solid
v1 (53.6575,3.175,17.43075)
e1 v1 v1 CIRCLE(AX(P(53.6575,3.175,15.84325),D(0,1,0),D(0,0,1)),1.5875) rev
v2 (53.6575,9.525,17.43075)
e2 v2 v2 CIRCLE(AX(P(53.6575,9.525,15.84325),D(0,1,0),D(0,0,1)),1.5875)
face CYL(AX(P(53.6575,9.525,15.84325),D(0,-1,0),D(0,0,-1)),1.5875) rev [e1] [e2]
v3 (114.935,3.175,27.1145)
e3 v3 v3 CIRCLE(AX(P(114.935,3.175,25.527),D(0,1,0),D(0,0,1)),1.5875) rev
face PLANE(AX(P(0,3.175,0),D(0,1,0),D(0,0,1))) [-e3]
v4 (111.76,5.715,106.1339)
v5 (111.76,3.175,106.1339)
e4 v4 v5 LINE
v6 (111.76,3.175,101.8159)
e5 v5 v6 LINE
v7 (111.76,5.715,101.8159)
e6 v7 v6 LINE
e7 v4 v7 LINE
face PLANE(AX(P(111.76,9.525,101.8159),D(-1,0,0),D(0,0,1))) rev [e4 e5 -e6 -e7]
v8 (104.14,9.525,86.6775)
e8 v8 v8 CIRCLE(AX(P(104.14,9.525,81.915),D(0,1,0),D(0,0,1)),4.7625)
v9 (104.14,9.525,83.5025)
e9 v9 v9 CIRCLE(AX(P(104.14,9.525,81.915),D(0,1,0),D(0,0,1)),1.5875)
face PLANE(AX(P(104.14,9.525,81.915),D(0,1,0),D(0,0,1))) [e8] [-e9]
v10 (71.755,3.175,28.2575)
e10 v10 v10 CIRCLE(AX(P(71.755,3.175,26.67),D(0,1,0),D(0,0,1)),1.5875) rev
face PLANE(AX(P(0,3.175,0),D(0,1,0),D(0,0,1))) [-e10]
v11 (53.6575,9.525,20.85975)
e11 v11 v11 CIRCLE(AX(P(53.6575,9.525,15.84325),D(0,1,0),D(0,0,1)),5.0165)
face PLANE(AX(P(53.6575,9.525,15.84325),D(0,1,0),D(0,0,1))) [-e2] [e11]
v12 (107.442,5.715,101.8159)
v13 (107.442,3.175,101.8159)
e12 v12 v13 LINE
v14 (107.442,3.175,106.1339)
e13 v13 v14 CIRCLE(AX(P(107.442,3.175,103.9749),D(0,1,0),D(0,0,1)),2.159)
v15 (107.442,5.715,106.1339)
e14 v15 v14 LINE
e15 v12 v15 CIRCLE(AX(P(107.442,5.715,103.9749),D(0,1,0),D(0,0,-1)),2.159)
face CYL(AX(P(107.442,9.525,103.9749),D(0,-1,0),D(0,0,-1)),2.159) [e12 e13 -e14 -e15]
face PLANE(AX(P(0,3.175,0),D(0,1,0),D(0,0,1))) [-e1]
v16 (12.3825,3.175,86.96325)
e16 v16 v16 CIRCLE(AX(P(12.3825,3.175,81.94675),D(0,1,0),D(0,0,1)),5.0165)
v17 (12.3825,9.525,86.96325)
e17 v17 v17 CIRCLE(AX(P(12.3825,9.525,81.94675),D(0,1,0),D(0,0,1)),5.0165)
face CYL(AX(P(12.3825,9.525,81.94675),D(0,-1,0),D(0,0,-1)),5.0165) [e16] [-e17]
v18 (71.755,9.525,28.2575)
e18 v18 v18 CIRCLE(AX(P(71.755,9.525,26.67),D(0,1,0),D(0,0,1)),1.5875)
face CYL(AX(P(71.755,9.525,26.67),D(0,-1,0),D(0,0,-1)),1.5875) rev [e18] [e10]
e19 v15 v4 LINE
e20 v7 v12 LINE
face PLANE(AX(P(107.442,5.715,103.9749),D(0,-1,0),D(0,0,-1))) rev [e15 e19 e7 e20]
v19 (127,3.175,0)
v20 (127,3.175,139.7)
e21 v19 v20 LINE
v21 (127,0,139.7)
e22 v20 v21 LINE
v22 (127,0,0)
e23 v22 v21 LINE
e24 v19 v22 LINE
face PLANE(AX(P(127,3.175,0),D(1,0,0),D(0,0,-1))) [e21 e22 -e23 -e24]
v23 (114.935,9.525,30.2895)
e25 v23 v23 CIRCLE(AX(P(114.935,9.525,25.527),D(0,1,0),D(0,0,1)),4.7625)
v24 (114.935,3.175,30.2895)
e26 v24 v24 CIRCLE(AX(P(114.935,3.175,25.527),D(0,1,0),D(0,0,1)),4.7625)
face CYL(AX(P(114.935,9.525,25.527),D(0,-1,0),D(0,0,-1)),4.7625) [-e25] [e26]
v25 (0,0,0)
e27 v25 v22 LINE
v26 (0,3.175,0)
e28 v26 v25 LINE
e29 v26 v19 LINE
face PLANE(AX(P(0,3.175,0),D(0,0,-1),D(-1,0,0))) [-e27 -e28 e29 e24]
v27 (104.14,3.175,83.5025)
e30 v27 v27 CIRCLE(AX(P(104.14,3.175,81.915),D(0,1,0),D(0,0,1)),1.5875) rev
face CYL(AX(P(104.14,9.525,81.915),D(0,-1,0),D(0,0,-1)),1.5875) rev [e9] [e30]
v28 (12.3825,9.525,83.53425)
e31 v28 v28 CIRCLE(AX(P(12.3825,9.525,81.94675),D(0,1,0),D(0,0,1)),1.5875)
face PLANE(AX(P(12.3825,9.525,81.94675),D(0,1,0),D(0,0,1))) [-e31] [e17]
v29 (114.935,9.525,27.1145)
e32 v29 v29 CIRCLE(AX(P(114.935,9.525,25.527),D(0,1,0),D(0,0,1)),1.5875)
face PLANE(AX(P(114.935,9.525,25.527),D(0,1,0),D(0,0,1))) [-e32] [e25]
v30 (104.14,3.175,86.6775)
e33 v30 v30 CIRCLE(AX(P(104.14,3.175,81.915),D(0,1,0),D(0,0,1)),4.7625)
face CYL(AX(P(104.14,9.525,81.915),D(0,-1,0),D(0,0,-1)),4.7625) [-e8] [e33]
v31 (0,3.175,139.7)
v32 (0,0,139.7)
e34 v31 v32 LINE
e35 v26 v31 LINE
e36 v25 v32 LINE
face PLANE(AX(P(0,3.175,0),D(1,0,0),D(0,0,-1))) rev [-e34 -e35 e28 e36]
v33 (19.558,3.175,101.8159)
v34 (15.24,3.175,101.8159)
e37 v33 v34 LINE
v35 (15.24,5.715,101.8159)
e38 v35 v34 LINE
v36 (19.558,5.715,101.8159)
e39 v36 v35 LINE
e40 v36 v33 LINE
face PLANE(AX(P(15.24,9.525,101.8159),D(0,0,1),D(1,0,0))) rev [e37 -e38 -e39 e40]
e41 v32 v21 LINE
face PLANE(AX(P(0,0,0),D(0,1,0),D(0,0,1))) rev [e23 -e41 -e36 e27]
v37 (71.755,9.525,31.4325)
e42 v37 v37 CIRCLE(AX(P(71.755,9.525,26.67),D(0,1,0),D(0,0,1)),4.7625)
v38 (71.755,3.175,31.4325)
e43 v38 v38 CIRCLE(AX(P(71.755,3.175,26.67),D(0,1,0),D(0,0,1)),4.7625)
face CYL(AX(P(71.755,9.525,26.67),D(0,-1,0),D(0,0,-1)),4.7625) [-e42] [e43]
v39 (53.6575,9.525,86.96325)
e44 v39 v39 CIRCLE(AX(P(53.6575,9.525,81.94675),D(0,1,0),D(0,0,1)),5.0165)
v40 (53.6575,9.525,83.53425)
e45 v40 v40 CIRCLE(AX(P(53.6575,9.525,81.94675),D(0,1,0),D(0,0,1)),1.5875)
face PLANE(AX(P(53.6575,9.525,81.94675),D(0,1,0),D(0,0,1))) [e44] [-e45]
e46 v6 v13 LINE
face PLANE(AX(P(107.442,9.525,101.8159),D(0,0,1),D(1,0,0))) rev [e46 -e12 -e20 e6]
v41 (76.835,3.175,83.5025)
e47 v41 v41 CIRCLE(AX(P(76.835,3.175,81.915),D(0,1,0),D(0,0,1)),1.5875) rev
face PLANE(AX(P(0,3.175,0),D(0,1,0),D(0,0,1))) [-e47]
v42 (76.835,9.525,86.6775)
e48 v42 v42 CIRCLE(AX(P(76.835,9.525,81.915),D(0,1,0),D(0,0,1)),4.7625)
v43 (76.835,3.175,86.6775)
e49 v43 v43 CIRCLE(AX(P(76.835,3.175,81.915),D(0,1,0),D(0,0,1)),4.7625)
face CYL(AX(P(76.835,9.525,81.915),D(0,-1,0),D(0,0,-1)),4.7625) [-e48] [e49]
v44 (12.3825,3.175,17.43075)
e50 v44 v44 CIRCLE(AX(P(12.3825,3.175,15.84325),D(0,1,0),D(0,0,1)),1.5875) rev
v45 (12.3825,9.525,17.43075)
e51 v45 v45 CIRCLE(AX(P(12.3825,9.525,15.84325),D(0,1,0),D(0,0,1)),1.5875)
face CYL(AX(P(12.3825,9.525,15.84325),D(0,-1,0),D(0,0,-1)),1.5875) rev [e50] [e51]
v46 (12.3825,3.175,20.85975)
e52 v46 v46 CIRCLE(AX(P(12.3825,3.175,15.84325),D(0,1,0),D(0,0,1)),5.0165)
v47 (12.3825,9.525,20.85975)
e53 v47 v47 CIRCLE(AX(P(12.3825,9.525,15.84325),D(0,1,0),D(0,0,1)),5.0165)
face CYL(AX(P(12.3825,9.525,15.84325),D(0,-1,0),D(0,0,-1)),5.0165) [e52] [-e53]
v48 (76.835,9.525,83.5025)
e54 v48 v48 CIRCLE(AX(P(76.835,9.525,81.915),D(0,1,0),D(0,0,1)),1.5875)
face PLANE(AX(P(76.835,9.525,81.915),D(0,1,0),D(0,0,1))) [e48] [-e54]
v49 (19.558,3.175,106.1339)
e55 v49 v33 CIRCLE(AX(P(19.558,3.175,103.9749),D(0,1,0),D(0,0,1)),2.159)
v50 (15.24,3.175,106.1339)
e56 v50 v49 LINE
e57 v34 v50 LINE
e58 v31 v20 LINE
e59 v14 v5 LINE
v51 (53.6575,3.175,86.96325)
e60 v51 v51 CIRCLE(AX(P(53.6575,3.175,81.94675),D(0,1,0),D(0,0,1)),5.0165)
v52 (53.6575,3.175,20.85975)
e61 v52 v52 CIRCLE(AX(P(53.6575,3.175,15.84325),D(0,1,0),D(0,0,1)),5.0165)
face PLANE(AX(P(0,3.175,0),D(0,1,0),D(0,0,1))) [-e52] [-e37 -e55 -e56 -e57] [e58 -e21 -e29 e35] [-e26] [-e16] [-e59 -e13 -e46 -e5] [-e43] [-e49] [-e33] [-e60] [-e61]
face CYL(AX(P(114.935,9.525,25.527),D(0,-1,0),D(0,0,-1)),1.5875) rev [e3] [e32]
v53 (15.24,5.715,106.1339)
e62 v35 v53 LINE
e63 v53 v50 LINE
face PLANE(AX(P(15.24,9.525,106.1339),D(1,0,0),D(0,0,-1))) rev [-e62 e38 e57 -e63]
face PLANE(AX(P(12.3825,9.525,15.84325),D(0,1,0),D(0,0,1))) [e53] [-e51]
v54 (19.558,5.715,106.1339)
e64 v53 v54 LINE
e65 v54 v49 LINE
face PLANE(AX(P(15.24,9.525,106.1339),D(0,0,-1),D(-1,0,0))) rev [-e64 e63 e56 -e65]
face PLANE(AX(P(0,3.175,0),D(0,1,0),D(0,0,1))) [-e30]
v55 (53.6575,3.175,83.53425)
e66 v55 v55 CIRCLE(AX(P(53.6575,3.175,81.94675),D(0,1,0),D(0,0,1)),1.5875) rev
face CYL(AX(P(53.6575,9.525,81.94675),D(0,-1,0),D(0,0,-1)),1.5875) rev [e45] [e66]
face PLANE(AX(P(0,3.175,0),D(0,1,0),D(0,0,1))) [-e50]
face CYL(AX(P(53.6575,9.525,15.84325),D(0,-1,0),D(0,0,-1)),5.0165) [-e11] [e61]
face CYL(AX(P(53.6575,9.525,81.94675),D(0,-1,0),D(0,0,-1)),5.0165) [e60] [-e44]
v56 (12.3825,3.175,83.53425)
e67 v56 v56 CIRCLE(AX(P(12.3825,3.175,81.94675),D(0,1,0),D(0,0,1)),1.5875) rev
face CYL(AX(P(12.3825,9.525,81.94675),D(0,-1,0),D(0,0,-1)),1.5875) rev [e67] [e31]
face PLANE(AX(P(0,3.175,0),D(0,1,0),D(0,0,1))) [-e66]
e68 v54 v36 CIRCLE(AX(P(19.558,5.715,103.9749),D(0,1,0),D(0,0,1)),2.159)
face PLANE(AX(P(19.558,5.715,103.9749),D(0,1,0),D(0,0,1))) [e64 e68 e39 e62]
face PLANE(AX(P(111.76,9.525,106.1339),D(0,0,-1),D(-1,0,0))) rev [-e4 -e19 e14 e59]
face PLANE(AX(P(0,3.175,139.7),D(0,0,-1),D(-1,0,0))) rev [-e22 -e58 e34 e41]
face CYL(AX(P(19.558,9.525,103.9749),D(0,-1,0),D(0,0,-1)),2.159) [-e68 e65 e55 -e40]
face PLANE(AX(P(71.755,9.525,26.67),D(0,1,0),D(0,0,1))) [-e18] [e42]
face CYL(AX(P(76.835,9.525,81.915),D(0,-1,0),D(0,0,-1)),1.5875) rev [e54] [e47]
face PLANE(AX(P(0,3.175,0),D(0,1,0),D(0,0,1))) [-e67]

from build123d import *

# Parameters (mm, degrees)
SKETCH1_W           = 127
SKETCH1_H           = 139.7
BOSS_EXTRUDE5_DEPTH = 3.175
SKETCH2_R           = 5.0165
SKETCH2_R_2         = 1.5875
SKETCH2_R_3         = 4.7625
BOSS_EXTRUDE6_DEPTH = 6.35
CUT_EXTRUDE2_START  = -3.81
CUT_EXTRUDE2_DEPTH  = 3.81


with BuildPart() as part:
    # Sketch1 → Boss-Extrude5 (new body)
    with BuildSketch(Plane(origin=(0, 0, 0), x_dir=(1, 0, 0), z_dir=(0, 1, 0))):
        with Locations((63.5, -69.85)):
            Rectangle(SKETCH1_W, SKETCH1_H)
    extrude(amount=BOSS_EXTRUDE5_DEPTH)

    # Sketch2 → Boss-Extrude6 (add)
    # profile 1 of 10: a face of its own
    with BuildSketch(Plane(origin=(0, 3.175, 0), x_dir=(1, 0, 0), z_dir=(0, 1, 0))):
        with Locations(Location((12.3825, -15.84325, 0), (0, 0, 270))):
            Circle(SKETCH2_R)
        with Locations(Location((12.3825, -15.84325, 0), (0, 0, 270))):
            Circle(SKETCH2_R_2, mode=Mode.SUBTRACT)
    # profile 2 of 10: a face of its own
    with BuildSketch(Plane(origin=(0, 3.175, 0), x_dir=(1, 0, 0), z_dir=(0, 1, 0))):
        with Locations(Location((53.6575, -15.84325, 0), (0, 0, 270))):
            Circle(SKETCH2_R)
        with Locations(Location((53.6575, -15.84325, 0), (0, 0, 270))):
            Circle(SKETCH2_R_2, mode=Mode.SUBTRACT)
    # profile 3 of 10: a face of its own
    with BuildSketch(Plane(origin=(0, 3.175, 0), x_dir=(1, 0, 0), z_dir=(0, 1, 0))):
        with Locations(Location((71.755, -26.67, 0), (0, 0, 270))):
            Circle(SKETCH2_R_3)
        with Locations(Location((71.755, -26.67, 0), (0, 0, 270))):
            Circle(SKETCH2_R_2, mode=Mode.SUBTRACT)
    # profile 4 of 10: a face of its own
    with BuildSketch(Plane(origin=(0, 3.175, 0), x_dir=(1, 0, 0), z_dir=(0, 1, 0))):
        with Locations(Location((114.935, -25.527, 0), (0, 0, 270))):
            Circle(SKETCH2_R_3)
        with Locations(Location((114.935, -25.527, 0), (0, 0, 270))):
            Circle(SKETCH2_R_2, mode=Mode.SUBTRACT)
    # profile 5 of 10: a face of its own
    with BuildSketch(Plane(origin=(0, 3.175, 0), x_dir=(1, 0, 0), z_dir=(0, 1, 0))):
        with Locations(Location((104.14, -81.915, 0), (0, 0, 270))):
            Circle(SKETCH2_R_3)
        with Locations(Location((104.14, -81.915, 0), (0, 0, 270))):
            Circle(SKETCH2_R_2, mode=Mode.SUBTRACT)
    # profile 6 of 10: a face of its own
    with BuildSketch(Plane(origin=(0, 3.175, 0), x_dir=(1, 0, 0), z_dir=(0, 1, 0))):
        with Locations(Location((76.835, -81.915, 0), (0, 0, 270))):
            Circle(SKETCH2_R_3)
        with Locations(Location((76.835, -81.915, 0), (0, 0, 270))):
            Circle(SKETCH2_R_2, mode=Mode.SUBTRACT)
    # profile 7 of 10: a face of its own
    with BuildSketch(Plane(origin=(0, 3.175, 0), x_dir=(1, 0, 0), z_dir=(0, 1, 0))):
        with Locations(Location((53.6575, -81.94675, 0), (0, 0, 270))):
            Circle(SKETCH2_R)
        with Locations(Location((53.6575, -81.94675, 0), (0, 0, 270))):
            Circle(SKETCH2_R_2, mode=Mode.SUBTRACT)
    # profile 8 of 10: a face of its own
    with BuildSketch(Plane(origin=(0, 3.175, 0), x_dir=(1, 0, 0), z_dir=(0, 1, 0))):
        with Locations(Location((12.3825, -81.94675, 0), (0, 0, 270))):
            Circle(SKETCH2_R)
        with Locations(Location((12.3825, -81.94675, 0), (0, 0, 270))):
            Circle(SKETCH2_R_2, mode=Mode.SUBTRACT)
    # profile 9 of 10: a face of its own
    with BuildSketch(Plane(origin=(0, 3.175, 0), x_dir=(1, 0, 0), z_dir=(0, 1, 0))):
        with BuildLine():
            Line((15.24, -106.1339), (15.24, -101.8159))
            Line((15.24, -101.8159), (19.558, -101.8159))
            ThreePointArc((19.558, -101.8159), (21.717, -103.9749), (19.558, -106.1339))
            Line((19.558, -106.1339), (15.24, -106.1339))
        make_face()
    # profile 10 of 10: a face of its own
    with BuildSketch(Plane(origin=(0, 3.175, 0), x_dir=(1, 0, 0), z_dir=(0, 1, 0))):
        with BuildLine():
            Line((107.442, -101.8159), (111.76, -101.8159))
            Line((111.76, -101.8159), (111.76, -106.1339))
            Line((111.76, -106.1339), (107.442, -106.1339))
            ThreePointArc((107.442, -106.1339), (105.283, -103.9749), (107.442, -101.8159))
        make_face()
    extrude(amount=BOSS_EXTRUDE6_DEPTH)

    # Sketch3 → Cut-Extrude2 (cut)
    with BuildSketch(Plane(origin=(0, 9.525, 0), x_dir=(1, 0, 0), z_dir=(0, 1, 0)).offset(CUT_EXTRUDE2_START)):
        with BuildLine():
            Line((19.558, -101.8159), (15.24, -101.8159))
            Line((15.24, -101.8159), (15.24, -106.1339))
            Line((15.24, -106.1339), (19.558, -106.1339))
            ThreePointArc((19.558, -106.1339), (21.717, -103.9749), (19.558, -101.8159))
        make_face()
        with BuildLine():
            Line((111.76, -106.1339), (107.442, -106.1339))
            ThreePointArc((107.442, -106.1339), (105.283, -103.9749), (107.442, -101.8159))
            Line((107.442, -101.8159), (111.76, -101.8159))
            Line((111.76, -101.8159), (111.76, -106.1339))
        make_face()
    extrude(amount=CUT_EXTRUDE2_DEPTH, mode=Mode.SUBTRACT)


solid = part.part
